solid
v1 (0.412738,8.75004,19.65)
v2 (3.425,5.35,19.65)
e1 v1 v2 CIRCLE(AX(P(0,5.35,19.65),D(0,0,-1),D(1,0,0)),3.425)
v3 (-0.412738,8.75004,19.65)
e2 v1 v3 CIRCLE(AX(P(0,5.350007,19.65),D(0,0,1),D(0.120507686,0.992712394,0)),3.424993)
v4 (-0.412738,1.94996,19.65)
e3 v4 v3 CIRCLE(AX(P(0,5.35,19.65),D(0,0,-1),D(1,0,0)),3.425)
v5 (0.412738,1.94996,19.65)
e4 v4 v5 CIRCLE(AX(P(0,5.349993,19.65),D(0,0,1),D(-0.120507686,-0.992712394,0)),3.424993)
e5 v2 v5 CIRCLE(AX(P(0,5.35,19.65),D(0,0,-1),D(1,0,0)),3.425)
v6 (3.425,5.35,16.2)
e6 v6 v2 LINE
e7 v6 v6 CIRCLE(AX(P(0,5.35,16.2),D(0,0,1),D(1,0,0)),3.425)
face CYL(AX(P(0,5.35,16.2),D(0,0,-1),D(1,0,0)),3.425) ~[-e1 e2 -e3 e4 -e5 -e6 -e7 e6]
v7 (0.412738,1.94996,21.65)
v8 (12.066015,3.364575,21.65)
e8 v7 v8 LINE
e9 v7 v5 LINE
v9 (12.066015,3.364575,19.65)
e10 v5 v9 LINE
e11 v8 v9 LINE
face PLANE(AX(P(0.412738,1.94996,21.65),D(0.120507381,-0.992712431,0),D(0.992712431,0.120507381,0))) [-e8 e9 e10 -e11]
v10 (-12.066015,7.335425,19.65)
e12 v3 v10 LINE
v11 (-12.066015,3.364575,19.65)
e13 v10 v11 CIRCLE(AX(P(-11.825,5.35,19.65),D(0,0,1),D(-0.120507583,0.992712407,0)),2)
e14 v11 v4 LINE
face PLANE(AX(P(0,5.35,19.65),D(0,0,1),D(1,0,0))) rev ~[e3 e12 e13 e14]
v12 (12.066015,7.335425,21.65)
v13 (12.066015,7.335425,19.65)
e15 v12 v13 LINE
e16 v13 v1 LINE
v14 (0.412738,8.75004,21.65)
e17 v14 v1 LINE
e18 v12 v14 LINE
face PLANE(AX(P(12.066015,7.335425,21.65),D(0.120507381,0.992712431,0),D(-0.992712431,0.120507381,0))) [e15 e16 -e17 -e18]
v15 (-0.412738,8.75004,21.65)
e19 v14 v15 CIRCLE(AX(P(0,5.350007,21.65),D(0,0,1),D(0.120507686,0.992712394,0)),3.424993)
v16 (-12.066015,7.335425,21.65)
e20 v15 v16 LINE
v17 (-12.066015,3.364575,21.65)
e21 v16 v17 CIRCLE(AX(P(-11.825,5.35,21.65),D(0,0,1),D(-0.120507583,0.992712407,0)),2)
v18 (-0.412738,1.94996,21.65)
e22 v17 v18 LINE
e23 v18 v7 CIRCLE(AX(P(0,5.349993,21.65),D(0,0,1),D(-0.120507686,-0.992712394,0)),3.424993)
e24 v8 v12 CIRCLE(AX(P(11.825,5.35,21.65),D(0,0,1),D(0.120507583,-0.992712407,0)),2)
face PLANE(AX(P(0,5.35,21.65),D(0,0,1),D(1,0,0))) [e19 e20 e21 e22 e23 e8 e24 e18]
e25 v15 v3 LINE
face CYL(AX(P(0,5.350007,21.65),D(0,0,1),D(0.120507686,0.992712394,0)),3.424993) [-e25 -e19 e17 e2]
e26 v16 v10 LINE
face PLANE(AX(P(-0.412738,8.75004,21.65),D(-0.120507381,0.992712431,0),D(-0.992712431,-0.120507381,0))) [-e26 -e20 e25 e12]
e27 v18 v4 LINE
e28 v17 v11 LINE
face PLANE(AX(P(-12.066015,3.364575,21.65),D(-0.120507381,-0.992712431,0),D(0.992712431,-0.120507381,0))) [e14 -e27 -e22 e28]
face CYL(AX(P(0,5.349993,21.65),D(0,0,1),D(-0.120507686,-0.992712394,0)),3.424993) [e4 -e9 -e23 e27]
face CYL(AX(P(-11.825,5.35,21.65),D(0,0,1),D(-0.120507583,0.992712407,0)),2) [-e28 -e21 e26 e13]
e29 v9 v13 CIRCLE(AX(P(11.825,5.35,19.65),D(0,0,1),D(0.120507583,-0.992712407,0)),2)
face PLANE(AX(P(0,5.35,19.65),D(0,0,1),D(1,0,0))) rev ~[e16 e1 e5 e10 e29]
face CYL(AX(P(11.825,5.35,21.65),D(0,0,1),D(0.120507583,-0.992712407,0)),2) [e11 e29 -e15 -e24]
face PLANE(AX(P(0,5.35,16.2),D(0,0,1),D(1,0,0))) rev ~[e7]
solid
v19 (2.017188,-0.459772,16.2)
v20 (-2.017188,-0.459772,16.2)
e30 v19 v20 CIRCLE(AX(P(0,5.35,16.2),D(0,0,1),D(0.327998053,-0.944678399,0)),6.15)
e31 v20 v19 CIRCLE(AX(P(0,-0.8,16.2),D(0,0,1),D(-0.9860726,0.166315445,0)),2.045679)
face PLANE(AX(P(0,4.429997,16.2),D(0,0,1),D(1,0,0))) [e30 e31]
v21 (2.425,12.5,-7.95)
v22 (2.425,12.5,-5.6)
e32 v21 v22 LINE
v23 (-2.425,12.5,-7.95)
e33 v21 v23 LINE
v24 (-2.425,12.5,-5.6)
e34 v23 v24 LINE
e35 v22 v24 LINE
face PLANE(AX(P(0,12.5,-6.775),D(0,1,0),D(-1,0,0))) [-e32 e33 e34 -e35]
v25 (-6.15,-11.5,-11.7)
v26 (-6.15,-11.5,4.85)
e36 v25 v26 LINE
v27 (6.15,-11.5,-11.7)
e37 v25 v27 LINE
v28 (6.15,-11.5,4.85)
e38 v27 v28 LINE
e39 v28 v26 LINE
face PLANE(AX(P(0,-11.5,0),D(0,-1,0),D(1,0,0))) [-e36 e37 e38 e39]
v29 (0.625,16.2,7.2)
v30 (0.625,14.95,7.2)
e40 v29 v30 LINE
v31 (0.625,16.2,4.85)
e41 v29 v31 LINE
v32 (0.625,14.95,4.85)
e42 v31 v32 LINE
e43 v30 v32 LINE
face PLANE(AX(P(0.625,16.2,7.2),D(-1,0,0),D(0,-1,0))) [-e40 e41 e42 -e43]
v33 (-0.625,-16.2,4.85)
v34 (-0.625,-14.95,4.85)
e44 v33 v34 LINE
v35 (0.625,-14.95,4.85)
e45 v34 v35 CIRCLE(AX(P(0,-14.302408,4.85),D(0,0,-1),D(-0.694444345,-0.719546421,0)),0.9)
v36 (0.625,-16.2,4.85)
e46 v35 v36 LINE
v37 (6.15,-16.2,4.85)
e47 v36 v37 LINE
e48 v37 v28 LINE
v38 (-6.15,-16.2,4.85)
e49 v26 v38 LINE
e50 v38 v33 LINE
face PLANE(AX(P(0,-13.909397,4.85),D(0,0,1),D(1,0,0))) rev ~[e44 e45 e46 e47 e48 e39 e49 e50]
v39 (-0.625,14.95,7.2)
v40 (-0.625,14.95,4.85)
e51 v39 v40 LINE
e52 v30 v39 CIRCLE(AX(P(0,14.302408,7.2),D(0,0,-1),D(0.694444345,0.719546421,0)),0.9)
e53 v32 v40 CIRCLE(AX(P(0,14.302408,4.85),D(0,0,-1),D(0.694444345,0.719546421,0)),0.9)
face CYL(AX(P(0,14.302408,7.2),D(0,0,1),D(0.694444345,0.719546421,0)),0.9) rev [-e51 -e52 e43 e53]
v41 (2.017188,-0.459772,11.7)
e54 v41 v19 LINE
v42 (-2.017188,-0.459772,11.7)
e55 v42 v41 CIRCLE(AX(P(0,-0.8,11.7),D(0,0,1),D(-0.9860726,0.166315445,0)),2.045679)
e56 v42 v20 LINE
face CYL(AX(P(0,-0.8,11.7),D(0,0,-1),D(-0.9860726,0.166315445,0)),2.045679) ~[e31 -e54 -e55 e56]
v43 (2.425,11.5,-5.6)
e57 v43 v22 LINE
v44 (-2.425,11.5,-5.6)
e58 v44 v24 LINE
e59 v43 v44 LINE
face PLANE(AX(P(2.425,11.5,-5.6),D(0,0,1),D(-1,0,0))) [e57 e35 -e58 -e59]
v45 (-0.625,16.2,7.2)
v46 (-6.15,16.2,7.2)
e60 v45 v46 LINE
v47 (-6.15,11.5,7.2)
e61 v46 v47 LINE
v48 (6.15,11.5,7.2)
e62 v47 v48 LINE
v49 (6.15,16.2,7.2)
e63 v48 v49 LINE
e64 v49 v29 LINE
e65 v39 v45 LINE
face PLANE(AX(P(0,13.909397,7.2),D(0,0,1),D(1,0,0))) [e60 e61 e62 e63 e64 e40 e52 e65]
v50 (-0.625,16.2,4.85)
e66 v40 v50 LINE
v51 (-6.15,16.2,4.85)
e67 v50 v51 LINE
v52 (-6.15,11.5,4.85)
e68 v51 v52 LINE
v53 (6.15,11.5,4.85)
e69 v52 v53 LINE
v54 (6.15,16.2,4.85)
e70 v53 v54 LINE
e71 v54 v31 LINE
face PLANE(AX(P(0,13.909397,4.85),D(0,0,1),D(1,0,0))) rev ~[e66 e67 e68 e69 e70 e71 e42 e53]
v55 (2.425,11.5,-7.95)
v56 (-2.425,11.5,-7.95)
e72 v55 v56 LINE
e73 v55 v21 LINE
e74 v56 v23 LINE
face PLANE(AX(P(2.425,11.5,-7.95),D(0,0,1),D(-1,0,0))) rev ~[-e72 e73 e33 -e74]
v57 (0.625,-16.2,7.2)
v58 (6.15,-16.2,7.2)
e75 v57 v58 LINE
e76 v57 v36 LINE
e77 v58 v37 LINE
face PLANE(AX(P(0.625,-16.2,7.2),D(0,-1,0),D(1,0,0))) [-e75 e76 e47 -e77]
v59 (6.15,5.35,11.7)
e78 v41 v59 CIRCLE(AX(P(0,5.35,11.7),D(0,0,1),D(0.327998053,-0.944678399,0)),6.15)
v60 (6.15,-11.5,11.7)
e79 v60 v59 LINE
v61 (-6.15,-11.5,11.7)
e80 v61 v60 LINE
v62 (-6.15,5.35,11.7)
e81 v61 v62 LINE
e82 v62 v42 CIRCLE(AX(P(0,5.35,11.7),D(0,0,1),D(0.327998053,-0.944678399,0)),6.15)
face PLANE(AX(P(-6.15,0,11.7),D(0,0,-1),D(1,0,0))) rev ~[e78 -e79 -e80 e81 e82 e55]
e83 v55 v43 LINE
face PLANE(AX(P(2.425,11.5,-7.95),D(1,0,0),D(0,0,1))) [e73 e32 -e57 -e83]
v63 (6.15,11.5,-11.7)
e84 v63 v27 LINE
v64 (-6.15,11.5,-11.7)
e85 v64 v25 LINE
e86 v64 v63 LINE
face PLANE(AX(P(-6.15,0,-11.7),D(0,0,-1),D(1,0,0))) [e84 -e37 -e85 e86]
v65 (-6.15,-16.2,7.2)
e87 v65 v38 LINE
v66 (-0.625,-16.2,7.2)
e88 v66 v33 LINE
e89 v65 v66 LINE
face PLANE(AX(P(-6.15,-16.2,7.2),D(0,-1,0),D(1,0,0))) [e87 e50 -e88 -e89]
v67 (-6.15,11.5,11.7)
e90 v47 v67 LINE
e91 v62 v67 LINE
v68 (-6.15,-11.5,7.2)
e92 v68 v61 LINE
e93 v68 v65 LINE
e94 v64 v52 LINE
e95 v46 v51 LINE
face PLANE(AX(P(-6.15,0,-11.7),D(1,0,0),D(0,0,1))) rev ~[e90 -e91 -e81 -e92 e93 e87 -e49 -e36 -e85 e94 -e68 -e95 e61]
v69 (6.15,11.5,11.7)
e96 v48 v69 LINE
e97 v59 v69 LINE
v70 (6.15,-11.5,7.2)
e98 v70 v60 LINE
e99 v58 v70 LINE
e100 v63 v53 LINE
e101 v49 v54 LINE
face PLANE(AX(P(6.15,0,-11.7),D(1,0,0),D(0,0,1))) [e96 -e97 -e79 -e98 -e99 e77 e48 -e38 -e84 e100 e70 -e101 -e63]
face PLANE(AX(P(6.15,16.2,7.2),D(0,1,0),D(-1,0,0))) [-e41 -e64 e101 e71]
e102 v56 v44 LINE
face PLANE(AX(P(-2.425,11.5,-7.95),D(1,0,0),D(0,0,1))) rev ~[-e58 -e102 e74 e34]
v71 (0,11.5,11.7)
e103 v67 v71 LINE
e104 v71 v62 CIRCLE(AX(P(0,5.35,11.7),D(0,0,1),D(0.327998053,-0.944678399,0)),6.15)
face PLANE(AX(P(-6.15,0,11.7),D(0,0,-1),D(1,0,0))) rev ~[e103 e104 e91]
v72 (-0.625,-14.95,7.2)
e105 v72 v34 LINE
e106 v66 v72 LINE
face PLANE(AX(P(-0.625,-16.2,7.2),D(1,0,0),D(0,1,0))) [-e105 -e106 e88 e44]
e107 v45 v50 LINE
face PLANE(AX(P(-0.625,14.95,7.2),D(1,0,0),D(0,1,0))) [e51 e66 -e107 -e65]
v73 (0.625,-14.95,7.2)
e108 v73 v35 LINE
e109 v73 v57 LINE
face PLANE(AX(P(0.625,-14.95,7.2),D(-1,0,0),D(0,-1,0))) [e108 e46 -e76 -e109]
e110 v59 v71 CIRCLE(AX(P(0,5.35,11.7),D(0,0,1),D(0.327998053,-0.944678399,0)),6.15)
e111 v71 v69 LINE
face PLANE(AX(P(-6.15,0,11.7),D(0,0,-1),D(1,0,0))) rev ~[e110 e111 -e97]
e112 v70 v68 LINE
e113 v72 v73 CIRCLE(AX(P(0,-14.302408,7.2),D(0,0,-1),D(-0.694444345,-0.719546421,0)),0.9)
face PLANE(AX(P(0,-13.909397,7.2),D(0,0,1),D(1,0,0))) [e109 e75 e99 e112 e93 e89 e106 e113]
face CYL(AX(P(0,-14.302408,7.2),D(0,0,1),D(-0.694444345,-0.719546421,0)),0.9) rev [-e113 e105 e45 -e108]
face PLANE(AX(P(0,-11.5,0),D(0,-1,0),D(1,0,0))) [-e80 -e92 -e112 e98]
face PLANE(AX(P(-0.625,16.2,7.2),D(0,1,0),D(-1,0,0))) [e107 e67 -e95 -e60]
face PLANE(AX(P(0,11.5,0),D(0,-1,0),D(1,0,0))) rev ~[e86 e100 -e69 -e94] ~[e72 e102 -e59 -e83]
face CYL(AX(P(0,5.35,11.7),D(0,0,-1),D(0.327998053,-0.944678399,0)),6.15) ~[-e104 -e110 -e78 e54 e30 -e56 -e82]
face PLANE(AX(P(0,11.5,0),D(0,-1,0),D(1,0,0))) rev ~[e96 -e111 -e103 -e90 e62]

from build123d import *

# Parameters (mm, degrees)
F0_W      = 12.3
F0_H      = 23.4
F1_DEPTH  = 11.5
F4_DEPTH  = 2.35
F5_W      = 4.85
F5_H      = 2.35
F6_DEPTH  = 1
F8_DEPTH  = 4.5
F9_R      = 3.425
F10_DEPTH = 5.45
F12_DEPTH = 2


with BuildPart() as f1:
    # F0 (on Front) → F1 (new body, symmetric)
    with BuildSketch(Plane.XZ):
        Rectangle(F0_W, F0_H)
    extrude(amount=F1_DEPTH, both=True)

    # F3 (on offset) → F4 (join)
    with BuildSketch(Plane.XY.offset(7.2)):
        with BuildLine():
            Line((-6.15, -11.5), (-6.15, -16.2))
            Line((-6.15, -16.2), (-0.625, -16.2))
            Line((-0.625, -16.2), (-0.625, -14.95))
            ThreePointArc((-0.625, -14.95), (0, -13.402408), (0.625, -14.95))
            Line((0.625, -14.95), (0.625, -16.2))
            Line((0.625, -16.2), (6.15, -16.2))
            Line((6.15, -16.2), (6.15, -11.5))
            Line((6.15, -11.5), (-6.15, -11.5))
        make_face()
        with BuildLine():
            ThreePointArc((0.625, 14.95), (0, 13.402408), (-0.625, 14.95))
            Line((-0.625, 14.95), (-0.625, 16.2))
            Line((-0.625, 16.2), (-6.15, 16.2))
            Line((-6.15, 16.2), (-6.15, 11.5))
            Line((-6.15, 11.5), (6.15, 11.5))
            Line((6.15, 11.5), (6.15, 16.2))
            Line((6.15, 16.2), (0.625, 16.2))
            Line((0.625, 16.2), (0.625, 14.95))
        make_face()
    extrude(amount=-F4_DEPTH)

    # F5 (on face) → F6 (join)
    with BuildSketch(Plane(origin=(0, 11.5, 0), x_dir=(-1, 0, 0), z_dir=(0, 1, 0))):
        with Locations((0, -6.775)):
            Rectangle(F5_W, F5_H)
    extrude(amount=F6_DEPTH)

    # F7 (on face) → F8 (join)
    with BuildSketch(Plane.XY.offset(11.7)):
        with BuildLine():
            ThreePointArc((-2.017188, -0.459772), (0, -2.845679), (2.017188, -0.459772))
            ThreePointArc((2.017188, -0.459772), (0, 11.5), (-2.017188, -0.459772))
        make_face()
    extrude(amount=F8_DEPTH)


with BuildPart() as f10:
    # F9 (on face) → F10 (new body)
    with BuildSketch(Plane.XY.offset(16.2)):
        with Locations((0, 5.35)):
            Circle(F9_R)
    extrude(amount=F10_DEPTH)

    # F11 (on face) → F12 (join)
    with BuildSketch(Plane.XY.offset(21.65)):
        with BuildLine():
            Line((-0.412738, 8.75004), (-12.066015, 7.335425))
            ThreePointArc((-12.066015, 7.335425), (-13.825, 5.35), (-12.066015, 3.364575))
            Line((-12.066015, 3.364575), (-0.412738, 1.94996))
            ThreePointArc((-0.412738, 1.94996), (0, 1.925), (0.412738, 1.94996))
            Line((0.412738, 1.94996), (12.066015, 3.364575))
            ThreePointArc((12.066015, 3.364575), (13.825, 5.35), (12.066015, 7.335425))
            Line((12.066015, 7.335425), (0.412738, 8.75004))
            ThreePointArc((0.412738, 8.75004), (0, 8.775), (-0.412738, 8.75004))
        make_face()
    extrude(amount=-F12_DEPTH)


solid = Compound([f1.part, f10.part])
